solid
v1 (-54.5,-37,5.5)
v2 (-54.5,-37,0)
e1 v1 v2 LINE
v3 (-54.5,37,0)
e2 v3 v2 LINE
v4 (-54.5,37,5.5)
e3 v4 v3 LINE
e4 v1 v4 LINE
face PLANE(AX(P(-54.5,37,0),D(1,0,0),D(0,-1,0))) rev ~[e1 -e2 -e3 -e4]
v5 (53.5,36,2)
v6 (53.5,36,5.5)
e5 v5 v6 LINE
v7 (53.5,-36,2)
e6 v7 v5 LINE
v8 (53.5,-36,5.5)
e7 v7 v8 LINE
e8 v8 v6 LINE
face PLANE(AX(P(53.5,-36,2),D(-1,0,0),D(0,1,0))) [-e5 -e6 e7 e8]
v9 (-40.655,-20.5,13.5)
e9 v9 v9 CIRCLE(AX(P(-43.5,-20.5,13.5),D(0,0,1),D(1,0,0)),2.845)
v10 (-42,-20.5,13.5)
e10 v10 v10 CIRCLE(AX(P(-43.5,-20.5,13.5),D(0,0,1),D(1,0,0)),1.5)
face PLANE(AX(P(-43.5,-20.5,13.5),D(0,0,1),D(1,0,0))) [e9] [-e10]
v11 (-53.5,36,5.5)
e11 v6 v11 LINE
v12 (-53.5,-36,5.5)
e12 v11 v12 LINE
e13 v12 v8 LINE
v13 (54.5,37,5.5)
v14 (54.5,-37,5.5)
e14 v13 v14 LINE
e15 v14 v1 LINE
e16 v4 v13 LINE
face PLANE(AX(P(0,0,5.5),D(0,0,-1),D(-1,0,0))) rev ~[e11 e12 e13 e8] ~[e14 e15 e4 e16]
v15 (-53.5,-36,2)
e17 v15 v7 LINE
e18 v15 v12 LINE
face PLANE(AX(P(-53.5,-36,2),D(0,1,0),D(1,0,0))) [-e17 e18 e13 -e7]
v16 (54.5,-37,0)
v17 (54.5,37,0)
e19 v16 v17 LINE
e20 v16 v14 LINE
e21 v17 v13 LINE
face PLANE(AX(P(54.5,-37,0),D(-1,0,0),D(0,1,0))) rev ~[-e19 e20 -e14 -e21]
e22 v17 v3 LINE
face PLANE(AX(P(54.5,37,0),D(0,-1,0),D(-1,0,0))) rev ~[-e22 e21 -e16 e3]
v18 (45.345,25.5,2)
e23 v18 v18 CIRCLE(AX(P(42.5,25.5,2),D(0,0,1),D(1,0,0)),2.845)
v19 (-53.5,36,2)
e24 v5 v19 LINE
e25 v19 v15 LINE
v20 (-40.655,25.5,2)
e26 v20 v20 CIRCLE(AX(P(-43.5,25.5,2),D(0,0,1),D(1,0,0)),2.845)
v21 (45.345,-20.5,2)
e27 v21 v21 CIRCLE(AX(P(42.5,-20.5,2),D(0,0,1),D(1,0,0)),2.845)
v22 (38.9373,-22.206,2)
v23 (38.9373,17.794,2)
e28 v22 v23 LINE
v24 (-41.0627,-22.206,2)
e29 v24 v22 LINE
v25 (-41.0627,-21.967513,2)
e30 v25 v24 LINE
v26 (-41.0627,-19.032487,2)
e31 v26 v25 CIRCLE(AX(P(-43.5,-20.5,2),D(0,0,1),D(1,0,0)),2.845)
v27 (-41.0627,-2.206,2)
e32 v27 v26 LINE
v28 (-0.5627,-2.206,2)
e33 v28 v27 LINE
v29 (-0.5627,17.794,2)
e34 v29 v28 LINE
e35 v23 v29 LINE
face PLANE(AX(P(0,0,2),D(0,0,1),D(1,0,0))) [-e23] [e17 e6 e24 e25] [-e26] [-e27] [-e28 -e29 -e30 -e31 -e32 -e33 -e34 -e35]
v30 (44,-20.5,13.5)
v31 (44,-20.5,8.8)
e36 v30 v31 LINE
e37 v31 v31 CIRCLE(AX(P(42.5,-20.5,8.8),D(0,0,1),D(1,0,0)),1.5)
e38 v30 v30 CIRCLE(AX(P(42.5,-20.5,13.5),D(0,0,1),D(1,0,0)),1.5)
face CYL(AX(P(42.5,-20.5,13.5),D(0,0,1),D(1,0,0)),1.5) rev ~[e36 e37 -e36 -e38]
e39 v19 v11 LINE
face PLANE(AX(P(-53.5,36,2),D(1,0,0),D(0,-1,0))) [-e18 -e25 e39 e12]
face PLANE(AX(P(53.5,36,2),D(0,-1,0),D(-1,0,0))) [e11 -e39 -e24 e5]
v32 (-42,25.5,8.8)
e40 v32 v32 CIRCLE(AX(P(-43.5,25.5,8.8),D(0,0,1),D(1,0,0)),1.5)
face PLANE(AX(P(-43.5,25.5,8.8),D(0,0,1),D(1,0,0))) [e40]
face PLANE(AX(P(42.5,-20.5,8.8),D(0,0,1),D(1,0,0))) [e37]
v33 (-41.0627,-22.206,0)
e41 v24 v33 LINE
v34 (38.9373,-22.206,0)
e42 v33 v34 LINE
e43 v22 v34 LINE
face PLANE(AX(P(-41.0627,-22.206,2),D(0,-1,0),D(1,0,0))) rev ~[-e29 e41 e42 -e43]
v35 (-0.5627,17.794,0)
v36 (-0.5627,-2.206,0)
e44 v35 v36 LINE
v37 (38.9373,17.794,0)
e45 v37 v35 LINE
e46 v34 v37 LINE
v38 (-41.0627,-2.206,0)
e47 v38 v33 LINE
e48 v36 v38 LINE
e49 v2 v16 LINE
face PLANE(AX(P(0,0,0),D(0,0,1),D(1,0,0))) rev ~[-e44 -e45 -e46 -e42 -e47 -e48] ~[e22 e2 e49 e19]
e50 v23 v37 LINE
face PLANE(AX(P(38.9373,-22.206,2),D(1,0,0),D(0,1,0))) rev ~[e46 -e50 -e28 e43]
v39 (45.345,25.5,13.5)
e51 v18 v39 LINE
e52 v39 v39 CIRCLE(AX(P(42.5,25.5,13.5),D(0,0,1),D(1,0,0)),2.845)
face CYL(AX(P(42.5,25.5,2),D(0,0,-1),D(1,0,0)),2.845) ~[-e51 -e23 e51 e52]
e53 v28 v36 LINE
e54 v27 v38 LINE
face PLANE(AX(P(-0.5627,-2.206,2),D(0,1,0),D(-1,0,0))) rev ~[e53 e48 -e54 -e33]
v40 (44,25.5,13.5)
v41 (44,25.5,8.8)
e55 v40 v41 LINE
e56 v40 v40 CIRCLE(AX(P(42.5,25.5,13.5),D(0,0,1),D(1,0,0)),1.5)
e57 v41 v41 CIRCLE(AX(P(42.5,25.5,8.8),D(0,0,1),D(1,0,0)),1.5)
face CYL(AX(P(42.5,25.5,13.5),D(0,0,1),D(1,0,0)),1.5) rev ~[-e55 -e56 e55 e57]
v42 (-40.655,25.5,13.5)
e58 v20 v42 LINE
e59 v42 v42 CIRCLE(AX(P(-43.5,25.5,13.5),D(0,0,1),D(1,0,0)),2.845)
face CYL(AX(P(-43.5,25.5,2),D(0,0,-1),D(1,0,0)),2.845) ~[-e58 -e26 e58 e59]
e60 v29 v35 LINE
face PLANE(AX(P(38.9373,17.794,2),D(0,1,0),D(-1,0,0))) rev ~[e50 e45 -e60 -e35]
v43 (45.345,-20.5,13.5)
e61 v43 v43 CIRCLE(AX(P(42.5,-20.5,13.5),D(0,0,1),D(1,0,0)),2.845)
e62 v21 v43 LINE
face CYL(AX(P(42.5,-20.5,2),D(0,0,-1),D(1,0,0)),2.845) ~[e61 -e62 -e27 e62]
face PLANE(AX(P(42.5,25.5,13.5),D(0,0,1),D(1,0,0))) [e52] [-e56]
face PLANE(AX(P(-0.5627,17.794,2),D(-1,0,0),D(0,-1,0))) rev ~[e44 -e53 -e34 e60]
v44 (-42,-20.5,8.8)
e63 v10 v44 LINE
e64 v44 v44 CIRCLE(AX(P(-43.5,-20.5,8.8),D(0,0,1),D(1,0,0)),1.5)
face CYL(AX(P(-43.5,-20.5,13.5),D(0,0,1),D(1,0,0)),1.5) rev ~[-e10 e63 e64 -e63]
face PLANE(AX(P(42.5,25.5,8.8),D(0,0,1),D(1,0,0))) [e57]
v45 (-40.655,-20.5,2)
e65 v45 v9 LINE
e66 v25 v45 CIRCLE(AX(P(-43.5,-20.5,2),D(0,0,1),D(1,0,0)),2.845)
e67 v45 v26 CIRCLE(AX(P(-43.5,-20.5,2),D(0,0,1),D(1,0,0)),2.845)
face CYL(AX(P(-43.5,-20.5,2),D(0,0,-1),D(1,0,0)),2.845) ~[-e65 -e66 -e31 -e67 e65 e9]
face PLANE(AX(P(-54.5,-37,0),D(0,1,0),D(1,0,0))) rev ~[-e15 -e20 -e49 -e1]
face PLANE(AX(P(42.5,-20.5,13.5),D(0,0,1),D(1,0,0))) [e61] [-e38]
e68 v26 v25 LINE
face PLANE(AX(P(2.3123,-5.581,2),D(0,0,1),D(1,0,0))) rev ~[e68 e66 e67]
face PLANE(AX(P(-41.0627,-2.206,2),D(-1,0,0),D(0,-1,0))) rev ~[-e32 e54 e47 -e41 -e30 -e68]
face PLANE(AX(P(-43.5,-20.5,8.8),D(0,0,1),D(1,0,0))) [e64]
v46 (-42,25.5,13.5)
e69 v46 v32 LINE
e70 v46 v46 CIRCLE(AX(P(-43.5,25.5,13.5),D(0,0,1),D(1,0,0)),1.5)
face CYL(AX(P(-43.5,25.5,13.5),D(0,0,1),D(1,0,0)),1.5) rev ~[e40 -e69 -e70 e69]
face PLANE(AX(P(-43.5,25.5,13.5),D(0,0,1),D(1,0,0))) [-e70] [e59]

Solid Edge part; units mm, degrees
sketch "Sketch1" plane through (0, 0, 0) normal (0, 0, 1) x (1, 0, 0)
  line L0 (-54.5, -37) -> (54.5, -37)
  line L1 (54.5, -37) -> (54.5, 37)
  line L2 (54.5, 37) -> (-54.5, 37)
  line L3 (-54.5, 37) -> (-54.5, -37)
extrude "Protrusion1" add sketch "Sketch1" along normal blind 2
sketch "Sketch2" plane through (0, 0, 2) normal (0, 0, 1) x (1, 0, 0)
  line L0 (-54.5, 37) -> (54.5, 37)
  line L1 (54.5, 37) -> (54.5, -37)
  line L2 (54.5, -37) -> (-54.5, -37)
  line L3 (-54.5, -37) -> (-54.5, 37)
  line L4 (-53.5, 36) -> (-53.5, -36)
  line L5 (-53.5, -36) -> (53.5, -36)
  line L6 (53.5, -36) -> (53.5, 36)
  line L7 (53.5, 36) -> (-53.5, 36)
  dimension "D1" = 107
  dimension "D2" = 72
  dimension "D3" = 5.69
  dimension "D4" = 5.69
  dimension "D5" = 5.69
  dimension "D6" = 5.69
  dimension "D7" = 11.5
  dimension "D8" = 46
  dimension "D9" = 11
  dimension "D10" = 86
  dimension "D11" = 109
  dimension "D12" = 74
extrude "ExtrudedProtrusion_3" add sketch "Sketch2" along normal blind 3.5
sketch "Sketch3" plane through (0, 0, 2) normal (0, 0, 1) x (1, 0, 0)
  circle A0 centre (-43.5, 25.5) radius 2.845
  circle A1 centre (-43.5, -20.5) radius 2.845
  circle A2 centre (42.5, 25.5) radius 2.845
  circle A3 centre (42.5, -20.5) radius 2.845
  dimension "D1" = 107
  dimension "D2" = 72
  dimension "D3" = 5.69
  dimension "D4" = 5.69
  dimension "D5" = 5.69
  dimension "D6" = 5.69
  dimension "D7" = 11.5
  dimension "D8" = 46
  dimension "D9" = 11
  dimension "D10" = 86
  dimension "D11" = 109
  dimension "D12" = 74
extrude "ExtrudedProtrusion_4" add sketch "Sketch3" along normal blind 11.5
sketch "Sketch4" plane through (-42.5, 25.5, 13.5) normal (0, 0, 1) x (1, 0, 0)
  circle A0 centre (-1, 0) radius 1.5
  circle A1 centre (85, 0) radius 1.5
  circle A2 centre (85, -46) radius 1.5
  circle A3 centre (-1, -46) radius 1.5
  dimension "D1" = 3
  dimension "D2" = 3
  dimension "D3" = 3
  dimension "D4" = 3
extrude "ExtrudedCutout_1" cut sketch "Sketch4" against normal blind 4.7
sketch "Sketch5" plane through (0, 0, 2) normal (0, 0, 1) x (1, 0, 0)
  line L0 (-0.5627, 17.794) -> (-0.5627, -2.206)
  line L1 (-0.5627, -2.206) -> (-41.0627, -2.206)
  line L2 (-41.0627, -2.206) -> (-41.0627, -22.206)
  line L3 (-41.0627, -22.206) -> (38.9373, -22.206)
  line L4 (38.9373, -22.206) -> (38.9373, 17.794)
  line L5 (38.9373, 17.794) -> (-0.5627, 17.794)
extrude "Cutout1" cut sketch "Sketch5" against normal through all
